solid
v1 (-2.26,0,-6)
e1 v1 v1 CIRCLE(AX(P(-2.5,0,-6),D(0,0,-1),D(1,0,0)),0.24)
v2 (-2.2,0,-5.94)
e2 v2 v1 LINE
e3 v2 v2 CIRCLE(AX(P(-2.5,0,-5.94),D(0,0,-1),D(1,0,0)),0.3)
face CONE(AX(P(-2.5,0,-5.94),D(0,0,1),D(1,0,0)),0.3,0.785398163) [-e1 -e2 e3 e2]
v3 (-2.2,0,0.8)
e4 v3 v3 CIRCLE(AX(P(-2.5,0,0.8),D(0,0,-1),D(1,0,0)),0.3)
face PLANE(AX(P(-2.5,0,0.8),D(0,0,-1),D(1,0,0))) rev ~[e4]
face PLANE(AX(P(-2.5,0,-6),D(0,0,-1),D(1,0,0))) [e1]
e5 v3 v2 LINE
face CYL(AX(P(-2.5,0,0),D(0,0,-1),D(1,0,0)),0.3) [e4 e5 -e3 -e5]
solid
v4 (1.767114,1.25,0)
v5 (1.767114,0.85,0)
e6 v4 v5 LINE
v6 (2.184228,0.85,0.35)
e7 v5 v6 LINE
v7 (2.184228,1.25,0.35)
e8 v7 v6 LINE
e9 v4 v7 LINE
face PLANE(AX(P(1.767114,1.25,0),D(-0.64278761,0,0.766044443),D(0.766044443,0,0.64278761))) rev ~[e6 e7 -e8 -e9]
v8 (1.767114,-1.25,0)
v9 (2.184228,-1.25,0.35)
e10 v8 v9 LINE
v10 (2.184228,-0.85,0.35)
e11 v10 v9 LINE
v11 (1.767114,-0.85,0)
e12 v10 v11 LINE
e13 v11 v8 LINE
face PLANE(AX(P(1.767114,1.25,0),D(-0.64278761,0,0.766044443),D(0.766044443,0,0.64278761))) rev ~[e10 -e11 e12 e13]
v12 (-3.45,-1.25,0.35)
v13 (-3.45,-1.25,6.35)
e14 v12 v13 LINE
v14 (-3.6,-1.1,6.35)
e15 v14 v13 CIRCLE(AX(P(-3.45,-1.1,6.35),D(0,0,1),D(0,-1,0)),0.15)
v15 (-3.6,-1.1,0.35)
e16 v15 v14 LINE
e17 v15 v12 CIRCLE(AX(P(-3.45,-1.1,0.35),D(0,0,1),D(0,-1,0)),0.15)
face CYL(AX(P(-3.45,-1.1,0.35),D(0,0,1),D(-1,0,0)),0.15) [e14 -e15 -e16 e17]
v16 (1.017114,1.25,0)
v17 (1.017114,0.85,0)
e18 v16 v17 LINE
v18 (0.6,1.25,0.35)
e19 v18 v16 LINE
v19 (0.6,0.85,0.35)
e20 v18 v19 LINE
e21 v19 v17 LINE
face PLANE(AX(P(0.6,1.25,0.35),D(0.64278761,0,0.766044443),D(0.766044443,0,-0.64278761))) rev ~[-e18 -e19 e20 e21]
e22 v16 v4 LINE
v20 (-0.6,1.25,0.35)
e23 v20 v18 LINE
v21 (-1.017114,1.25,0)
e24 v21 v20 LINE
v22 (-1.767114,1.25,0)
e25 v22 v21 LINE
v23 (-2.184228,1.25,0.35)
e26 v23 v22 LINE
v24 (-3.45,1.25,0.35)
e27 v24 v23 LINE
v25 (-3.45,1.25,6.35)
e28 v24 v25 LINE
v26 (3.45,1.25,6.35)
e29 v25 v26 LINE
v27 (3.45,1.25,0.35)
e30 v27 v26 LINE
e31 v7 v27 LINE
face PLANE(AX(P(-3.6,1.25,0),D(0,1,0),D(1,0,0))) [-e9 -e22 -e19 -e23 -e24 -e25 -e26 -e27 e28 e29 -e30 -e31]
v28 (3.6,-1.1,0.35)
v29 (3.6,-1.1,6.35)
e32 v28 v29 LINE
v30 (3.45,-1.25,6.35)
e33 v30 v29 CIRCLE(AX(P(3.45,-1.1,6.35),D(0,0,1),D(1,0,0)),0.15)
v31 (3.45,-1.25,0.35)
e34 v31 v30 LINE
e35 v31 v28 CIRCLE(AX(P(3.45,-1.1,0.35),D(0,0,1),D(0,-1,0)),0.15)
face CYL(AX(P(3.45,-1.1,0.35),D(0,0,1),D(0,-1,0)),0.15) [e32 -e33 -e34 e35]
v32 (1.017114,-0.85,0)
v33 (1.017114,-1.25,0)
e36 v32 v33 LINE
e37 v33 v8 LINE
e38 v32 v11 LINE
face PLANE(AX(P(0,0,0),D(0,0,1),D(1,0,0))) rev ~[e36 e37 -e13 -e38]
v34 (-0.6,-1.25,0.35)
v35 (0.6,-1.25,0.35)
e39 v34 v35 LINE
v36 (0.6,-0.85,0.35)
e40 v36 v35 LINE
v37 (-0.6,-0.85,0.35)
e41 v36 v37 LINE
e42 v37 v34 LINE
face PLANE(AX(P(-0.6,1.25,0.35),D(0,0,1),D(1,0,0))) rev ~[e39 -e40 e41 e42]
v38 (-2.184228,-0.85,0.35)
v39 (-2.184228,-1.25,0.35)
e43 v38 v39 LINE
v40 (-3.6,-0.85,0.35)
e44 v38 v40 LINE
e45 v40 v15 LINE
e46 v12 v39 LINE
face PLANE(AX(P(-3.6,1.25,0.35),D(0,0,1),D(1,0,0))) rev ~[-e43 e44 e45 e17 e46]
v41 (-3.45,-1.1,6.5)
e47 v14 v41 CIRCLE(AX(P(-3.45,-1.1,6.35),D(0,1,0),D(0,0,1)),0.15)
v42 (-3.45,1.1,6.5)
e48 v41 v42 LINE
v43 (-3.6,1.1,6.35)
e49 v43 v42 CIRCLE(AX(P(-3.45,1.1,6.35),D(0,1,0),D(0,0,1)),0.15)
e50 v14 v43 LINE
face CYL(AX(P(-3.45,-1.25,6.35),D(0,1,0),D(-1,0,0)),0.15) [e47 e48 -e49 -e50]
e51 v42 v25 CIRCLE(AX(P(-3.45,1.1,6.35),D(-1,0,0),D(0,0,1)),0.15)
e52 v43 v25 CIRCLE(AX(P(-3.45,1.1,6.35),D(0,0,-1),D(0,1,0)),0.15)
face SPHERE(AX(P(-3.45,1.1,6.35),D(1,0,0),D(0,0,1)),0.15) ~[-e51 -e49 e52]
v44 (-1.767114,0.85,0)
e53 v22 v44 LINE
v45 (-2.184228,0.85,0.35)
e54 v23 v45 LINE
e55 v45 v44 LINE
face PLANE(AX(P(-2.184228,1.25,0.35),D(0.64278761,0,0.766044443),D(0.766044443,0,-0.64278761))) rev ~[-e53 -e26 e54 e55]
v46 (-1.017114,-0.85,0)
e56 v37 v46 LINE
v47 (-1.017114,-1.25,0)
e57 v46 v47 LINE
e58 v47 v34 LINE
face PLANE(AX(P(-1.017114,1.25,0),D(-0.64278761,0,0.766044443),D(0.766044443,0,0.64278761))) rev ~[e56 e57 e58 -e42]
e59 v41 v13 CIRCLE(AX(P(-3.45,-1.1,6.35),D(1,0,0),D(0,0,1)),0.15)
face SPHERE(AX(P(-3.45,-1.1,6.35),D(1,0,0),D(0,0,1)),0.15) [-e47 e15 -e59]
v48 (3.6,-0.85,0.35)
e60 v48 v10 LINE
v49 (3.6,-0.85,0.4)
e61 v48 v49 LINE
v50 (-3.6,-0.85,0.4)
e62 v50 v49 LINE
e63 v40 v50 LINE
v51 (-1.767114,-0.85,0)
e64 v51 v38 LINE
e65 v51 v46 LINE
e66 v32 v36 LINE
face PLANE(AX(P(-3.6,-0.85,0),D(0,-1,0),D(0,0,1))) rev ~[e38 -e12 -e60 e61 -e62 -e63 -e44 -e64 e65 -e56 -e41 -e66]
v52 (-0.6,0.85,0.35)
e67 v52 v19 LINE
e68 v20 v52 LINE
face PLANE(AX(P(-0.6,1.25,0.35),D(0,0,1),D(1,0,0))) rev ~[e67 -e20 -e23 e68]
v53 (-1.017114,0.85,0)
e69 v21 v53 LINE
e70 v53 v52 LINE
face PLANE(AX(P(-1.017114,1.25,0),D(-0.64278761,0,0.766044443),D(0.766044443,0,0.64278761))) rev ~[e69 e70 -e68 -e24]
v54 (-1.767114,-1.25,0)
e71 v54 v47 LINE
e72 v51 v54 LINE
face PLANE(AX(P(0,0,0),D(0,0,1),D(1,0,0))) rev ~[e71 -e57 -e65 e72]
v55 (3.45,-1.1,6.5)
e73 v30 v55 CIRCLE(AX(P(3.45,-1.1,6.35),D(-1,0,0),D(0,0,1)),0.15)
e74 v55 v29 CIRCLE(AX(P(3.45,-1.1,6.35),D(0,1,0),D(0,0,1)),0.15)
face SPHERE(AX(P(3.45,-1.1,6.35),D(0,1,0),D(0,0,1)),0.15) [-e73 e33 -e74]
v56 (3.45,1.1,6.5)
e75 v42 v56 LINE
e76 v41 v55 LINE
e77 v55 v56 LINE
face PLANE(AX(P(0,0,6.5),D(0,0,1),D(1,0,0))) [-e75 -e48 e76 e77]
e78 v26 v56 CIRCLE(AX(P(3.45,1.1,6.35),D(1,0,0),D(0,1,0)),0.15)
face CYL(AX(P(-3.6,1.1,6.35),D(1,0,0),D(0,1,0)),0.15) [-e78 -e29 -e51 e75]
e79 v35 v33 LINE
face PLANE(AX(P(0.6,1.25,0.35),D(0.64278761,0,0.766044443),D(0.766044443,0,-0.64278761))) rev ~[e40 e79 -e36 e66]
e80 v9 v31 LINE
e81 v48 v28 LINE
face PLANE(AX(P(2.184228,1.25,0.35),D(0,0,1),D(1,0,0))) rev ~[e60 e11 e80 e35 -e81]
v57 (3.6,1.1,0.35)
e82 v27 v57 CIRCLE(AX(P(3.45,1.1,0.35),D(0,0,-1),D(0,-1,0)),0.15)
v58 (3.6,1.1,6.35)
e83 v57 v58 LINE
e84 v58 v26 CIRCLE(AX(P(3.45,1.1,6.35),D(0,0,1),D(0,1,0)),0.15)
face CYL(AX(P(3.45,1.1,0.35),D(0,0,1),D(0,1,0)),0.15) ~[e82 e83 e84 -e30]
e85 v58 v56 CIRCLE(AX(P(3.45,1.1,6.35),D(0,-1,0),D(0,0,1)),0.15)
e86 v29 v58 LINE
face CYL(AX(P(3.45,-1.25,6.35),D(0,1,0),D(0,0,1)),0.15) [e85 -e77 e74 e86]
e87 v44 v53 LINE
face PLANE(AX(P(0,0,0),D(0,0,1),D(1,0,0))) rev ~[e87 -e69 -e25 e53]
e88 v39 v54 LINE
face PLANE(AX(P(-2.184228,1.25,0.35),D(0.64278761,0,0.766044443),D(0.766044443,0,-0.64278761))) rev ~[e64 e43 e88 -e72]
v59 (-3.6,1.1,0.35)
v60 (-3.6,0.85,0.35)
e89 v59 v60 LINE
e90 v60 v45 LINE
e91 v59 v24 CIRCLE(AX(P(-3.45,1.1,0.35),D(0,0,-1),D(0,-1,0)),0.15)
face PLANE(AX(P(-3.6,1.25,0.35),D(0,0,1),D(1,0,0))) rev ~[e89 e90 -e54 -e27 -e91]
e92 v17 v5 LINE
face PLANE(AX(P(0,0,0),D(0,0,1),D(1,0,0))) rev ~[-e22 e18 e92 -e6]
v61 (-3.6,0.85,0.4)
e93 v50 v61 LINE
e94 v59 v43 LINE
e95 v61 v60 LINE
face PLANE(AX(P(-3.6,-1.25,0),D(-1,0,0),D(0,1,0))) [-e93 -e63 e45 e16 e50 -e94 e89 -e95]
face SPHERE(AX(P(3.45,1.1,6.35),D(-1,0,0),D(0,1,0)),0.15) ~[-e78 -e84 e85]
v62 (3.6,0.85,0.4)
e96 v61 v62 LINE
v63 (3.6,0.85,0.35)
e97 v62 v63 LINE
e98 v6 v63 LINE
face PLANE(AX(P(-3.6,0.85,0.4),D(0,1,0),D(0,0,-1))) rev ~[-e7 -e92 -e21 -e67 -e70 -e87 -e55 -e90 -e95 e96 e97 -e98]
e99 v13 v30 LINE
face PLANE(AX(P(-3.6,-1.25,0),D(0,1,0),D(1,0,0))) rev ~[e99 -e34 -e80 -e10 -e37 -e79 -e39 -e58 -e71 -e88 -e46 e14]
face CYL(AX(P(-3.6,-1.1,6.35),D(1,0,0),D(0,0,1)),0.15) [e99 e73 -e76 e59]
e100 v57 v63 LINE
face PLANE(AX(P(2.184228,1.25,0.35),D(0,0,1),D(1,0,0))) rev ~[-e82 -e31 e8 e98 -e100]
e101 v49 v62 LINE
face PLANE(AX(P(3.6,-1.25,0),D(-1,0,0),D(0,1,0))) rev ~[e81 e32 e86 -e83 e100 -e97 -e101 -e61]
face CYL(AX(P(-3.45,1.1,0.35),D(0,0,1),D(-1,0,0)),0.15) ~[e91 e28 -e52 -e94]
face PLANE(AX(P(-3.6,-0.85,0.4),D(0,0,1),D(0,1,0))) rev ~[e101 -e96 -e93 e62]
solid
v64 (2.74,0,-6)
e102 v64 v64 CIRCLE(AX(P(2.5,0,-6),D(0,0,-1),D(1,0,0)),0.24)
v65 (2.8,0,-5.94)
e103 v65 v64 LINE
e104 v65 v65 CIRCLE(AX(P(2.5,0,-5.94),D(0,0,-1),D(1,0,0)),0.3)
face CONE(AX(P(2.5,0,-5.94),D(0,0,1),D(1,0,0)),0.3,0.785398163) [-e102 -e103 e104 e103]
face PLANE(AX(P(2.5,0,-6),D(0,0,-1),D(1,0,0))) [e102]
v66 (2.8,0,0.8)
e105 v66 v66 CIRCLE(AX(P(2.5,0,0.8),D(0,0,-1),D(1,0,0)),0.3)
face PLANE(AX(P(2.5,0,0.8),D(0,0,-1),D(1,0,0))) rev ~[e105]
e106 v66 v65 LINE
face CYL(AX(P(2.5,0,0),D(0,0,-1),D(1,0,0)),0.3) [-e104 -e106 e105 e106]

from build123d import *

# Parameters (mm, degrees)
F0_W       = 7.2
F0_H       = 2.5
F1_DEPTH   = 6.5
F2_R       = 0.3
F3_DEPTH   = 6
F5_DEPTH   = 7.3
F7_DEPTH   = 6.5
F8_DEPTH   = 0.8
F9_DEPTH   = 0.8
F10_R      = 0.15
F11_SIZE   = 0.06
F11_2_SIZE = 0.06


with BuildPart() as f1:
    # F0 (on Top) → F1 (new body)
    with BuildSketch(Plane.XY):
        Rectangle(F0_W, F0_H)
    extrude(amount=F1_DEPTH)

    # F4 (on face) → F5 (cut)
    with BuildSketch(Plane(origin=(-3.6, 0, 0), x_dir=(0, -1, 0), z_dir=(-1, 0, 0))):
        Polygon((-0.85, 0.4), (-0.85, 0), (0.85, 0), (0.85, 0.4), (0, 0.4), align=None)
    extrude(amount=-F5_DEPTH, mode=Mode.SUBTRACT)

    # F6 (on face) → F7 (cut)
    with BuildSketch(Plane(origin=(0, 1.25, 0), x_dir=(-1, 0, 0), z_dir=(0, 1, 0))):
        Polygon((-2.1842275148, 0.35), (-3.6, 0.35), (-3.6, 0), (-1.7671137574, 0), align=None)
        Polygon((-0.6, 0.35), (-1.0171137574, 0), (1.0171137574, 0), (0.6, 0.35), (0, 0.35), align=None)
        Polygon((3.6, 0), (3.6, 0.35), (2.1842275148, 0.35), (1.7671137574, 0), (1.8580688629, 0), align=None)
    extrude(amount=-F7_DEPTH, mode=Mode.SUBTRACT)

    # F10
    f10_edges = [f1.edges().sort_by_distance(p)[0] for p in [
        (0, 1.25, 6.5),
        (3.6, 1.25, 3.425),
        (3.6, 0, 6.5),
        (0, -1.25, 6.5),
        (-3.6, 0, 6.5),
        (-3.6, 1.25, 3.425),
        (3.6, -1.25, 3.425),
        (-3.6, -1.25, 3.425),
    ]]
    fillet(f10_edges, radius=F10_R)


with BuildPart() as f3:
    # F2 (on face) → F3 (new body)
    with BuildSketch(Plane(origin=(0, 0, 0), x_dir=(1, 0, 0), z_dir=(0, 0, -1))):
        with Locations((-2.5, 0)):
            Circle(F2_R)
    extrude(amount=F3_DEPTH)

    # F8 (add): a face of the model
    f8_faces = [f3.faces().sort_by_distance(p)[0] for p in [
        (-2.5, 0, 0),
    ]]
    extrude(f8_faces, amount=F8_DEPTH)

    # F11#2
    f11_2_edges = [f3.edges().sort_by_distance(p)[0] for p in [
        (-2.8, 0, -6),
    ]]
    chamfer(f11_2_edges, length=F11_2_SIZE)


with BuildPart() as f3b:
    # F2 (on face) → F3, piece 2 (new body)
    with BuildSketch(Plane(origin=(0, 0, 0), x_dir=(1, 0, 0), z_dir=(0, 0, -1))):
        with Locations((2.5, 0)):
            Circle(F2_R)
    extrude(amount=F3_DEPTH)

    # F9 (add): a face of the model
    f9_faces = [f3b.faces().sort_by_distance(p)[0] for p in [
        (2.5, 0, 0),
    ]]
    extrude(f9_faces, amount=F9_DEPTH)

    # F11
    f11_edges = [f3b.edges().sort_by_distance(p)[0] for p in [
        (2.2, 0, -6),
    ]]
    chamfer(f11_edges, length=F11_SIZE)


solid = Compound([f1.part, f3.part, f3b.part])
